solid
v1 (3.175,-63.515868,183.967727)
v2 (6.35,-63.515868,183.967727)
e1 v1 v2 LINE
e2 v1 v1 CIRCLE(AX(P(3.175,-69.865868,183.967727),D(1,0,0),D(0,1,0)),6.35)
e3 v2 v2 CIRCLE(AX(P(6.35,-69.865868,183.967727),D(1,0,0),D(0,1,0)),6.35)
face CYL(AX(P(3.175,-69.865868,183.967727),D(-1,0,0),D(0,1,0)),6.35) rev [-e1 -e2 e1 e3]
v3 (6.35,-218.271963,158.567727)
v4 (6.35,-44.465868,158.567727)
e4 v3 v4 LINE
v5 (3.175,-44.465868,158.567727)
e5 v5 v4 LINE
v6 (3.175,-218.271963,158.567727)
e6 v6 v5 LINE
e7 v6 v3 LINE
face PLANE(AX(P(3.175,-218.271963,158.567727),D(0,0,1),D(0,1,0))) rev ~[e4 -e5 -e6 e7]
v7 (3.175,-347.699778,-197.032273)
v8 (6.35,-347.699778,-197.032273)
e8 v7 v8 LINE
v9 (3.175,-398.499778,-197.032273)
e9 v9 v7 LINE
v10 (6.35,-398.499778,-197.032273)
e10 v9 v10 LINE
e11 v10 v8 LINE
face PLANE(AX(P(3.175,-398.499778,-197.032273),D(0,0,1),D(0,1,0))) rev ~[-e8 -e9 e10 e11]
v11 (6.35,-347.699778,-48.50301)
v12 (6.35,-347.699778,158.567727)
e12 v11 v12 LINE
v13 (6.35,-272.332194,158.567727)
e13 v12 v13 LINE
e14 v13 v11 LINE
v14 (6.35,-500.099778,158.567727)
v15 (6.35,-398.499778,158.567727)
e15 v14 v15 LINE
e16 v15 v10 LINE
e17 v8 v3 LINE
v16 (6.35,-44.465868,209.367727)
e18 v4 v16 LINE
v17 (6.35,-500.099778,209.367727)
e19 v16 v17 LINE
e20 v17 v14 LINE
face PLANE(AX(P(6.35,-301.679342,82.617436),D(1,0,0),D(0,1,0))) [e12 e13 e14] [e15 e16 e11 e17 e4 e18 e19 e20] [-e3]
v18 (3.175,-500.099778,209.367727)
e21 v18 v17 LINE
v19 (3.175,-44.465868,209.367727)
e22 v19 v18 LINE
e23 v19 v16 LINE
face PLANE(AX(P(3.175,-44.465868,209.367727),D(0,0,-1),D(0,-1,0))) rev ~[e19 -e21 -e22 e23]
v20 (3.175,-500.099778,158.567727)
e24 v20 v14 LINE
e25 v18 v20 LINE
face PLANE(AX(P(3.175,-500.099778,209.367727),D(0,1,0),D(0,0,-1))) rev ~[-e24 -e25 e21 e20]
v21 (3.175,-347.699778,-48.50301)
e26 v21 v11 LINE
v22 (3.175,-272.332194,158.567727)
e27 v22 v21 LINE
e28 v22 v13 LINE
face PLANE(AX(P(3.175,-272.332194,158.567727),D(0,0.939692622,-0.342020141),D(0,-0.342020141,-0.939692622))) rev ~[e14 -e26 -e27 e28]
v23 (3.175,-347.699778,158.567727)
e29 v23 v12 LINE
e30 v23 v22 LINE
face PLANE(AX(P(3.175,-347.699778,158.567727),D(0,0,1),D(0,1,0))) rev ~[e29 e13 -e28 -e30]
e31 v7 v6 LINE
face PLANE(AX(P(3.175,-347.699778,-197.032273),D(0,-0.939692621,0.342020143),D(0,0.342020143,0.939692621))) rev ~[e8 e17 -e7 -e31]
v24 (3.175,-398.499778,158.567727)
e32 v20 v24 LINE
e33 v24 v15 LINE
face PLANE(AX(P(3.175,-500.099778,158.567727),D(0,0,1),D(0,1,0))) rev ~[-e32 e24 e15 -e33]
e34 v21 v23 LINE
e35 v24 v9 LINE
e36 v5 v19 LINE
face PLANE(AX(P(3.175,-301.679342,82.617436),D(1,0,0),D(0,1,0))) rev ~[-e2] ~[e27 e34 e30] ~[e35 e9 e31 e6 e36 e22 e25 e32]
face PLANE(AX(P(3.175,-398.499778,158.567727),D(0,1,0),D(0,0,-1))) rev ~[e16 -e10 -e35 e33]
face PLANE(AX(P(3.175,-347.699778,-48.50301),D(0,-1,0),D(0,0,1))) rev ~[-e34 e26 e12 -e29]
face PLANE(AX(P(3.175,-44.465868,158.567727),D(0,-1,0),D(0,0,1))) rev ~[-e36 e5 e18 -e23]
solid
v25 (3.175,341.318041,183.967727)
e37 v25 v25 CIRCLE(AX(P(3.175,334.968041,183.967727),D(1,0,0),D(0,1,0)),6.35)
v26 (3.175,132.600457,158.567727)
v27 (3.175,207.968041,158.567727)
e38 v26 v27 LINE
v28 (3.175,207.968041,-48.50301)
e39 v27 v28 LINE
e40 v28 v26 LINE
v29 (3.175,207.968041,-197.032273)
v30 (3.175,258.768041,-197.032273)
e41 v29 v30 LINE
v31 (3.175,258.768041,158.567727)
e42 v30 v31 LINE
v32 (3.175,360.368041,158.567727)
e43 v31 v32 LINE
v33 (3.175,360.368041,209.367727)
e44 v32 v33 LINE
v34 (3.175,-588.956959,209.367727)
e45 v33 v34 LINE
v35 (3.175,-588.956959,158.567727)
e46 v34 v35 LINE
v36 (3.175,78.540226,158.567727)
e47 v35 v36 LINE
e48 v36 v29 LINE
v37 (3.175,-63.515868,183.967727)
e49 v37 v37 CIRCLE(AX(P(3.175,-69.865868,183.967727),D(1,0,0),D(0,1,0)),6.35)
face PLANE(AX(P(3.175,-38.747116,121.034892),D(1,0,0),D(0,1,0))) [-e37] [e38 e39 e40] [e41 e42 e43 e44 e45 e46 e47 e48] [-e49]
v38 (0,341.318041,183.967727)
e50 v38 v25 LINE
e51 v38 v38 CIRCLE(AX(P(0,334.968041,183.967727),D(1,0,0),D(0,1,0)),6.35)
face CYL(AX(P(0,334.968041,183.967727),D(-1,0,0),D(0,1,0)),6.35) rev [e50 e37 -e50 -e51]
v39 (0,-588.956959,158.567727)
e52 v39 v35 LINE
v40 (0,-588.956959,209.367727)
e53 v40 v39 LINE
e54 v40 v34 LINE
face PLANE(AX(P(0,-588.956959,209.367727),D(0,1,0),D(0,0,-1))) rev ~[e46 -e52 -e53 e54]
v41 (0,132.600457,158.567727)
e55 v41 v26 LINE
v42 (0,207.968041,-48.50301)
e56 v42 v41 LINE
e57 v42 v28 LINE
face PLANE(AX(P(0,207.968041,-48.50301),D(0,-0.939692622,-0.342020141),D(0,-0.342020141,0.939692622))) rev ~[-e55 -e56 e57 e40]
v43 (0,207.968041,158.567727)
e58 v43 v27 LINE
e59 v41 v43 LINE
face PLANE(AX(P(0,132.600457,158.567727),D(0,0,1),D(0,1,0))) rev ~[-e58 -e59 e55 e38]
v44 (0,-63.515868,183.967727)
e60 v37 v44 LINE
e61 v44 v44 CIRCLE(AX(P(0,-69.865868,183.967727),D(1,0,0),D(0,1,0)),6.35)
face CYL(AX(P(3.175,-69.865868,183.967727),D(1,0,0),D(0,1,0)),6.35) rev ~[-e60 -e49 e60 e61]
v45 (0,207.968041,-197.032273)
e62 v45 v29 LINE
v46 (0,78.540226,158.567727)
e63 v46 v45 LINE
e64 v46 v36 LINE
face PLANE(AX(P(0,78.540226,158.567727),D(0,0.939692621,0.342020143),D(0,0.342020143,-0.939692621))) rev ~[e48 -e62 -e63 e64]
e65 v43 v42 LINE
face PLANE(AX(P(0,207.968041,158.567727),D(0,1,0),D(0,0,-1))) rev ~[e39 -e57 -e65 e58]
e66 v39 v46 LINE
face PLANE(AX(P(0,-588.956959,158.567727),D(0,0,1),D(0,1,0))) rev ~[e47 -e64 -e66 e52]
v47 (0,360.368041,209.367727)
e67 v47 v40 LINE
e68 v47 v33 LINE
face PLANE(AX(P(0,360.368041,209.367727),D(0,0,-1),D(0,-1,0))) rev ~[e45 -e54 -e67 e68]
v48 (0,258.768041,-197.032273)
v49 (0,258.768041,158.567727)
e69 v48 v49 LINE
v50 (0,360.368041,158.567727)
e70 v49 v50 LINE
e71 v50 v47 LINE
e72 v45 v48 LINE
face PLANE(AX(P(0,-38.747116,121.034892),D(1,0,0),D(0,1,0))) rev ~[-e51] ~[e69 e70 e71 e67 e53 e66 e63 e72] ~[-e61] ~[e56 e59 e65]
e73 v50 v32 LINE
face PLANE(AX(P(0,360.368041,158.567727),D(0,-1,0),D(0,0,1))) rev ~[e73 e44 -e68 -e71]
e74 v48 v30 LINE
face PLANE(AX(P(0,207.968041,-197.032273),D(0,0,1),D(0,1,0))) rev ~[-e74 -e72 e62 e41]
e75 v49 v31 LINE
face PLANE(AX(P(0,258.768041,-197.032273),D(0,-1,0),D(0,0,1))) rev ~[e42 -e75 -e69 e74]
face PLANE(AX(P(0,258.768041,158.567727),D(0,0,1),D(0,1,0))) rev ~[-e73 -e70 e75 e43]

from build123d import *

# Parameters (mm, degrees)
F0_R     = 6.35
F1_DEPTH = 3.175
F2_R     = 6.35
F3_DEPTH = 3.175
F4_R     = 6.35
F5_DEPTH = 25.4


with BuildPart() as f1:
    # F0 (on Right) → F1 (new body)
    with BuildSketch(Plane.YZ):
        Polygon((360.368041, 209.367727), (-588.956959, 209.367727), (-588.956959, 158.567727), (78.540226, 158.567727), (207.968041, -197.032273), (258.768041, -197.032273), (258.768041, 158.567727), (360.368041, 158.567727), align=None)
        Polygon((132.600457, 158.567727), (207.968041, 158.567727), (207.968041, -48.50301), align=None, mode=Mode.SUBTRACT)
        with Locations((334.968041, 183.967727)):
            Circle(F0_R, mode=Mode.SUBTRACT)
    extrude(amount=F1_DEPTH)

    # F4 (on face) → F5 (cut)
    with BuildSketch(Plane.YZ.offset(3.175)):
        with Locations((-69.865868, 183.967727)):
            Circle(F4_R)
    extrude(amount=-F5_DEPTH, mode=Mode.SUBTRACT)


with BuildPart() as f3:
    # F2 (on face) → F3 (new body)
    with BuildSketch(Plane.YZ.offset(3.175)):
        Polygon((-398.499778, -197.032273), (-347.699778, -197.032273), (-218.271963, 158.567727), (-44.465868, 158.567727), (-44.465868, 209.367727), (-500.099778, 209.367727), (-500.099778, 158.567727), (-398.499778, 158.567727), align=None)
        Polygon((-272.332194, 158.567727), (-347.699778, -48.50301), (-347.699778, 158.567727), align=None, mode=Mode.SUBTRACT)
        with Locations((-69.865868, 183.967727)):
            Circle(F2_R, mode=Mode.SUBTRACT)
    extrude(amount=F3_DEPTH)


solid = Compound([f1.part, f3.part])
